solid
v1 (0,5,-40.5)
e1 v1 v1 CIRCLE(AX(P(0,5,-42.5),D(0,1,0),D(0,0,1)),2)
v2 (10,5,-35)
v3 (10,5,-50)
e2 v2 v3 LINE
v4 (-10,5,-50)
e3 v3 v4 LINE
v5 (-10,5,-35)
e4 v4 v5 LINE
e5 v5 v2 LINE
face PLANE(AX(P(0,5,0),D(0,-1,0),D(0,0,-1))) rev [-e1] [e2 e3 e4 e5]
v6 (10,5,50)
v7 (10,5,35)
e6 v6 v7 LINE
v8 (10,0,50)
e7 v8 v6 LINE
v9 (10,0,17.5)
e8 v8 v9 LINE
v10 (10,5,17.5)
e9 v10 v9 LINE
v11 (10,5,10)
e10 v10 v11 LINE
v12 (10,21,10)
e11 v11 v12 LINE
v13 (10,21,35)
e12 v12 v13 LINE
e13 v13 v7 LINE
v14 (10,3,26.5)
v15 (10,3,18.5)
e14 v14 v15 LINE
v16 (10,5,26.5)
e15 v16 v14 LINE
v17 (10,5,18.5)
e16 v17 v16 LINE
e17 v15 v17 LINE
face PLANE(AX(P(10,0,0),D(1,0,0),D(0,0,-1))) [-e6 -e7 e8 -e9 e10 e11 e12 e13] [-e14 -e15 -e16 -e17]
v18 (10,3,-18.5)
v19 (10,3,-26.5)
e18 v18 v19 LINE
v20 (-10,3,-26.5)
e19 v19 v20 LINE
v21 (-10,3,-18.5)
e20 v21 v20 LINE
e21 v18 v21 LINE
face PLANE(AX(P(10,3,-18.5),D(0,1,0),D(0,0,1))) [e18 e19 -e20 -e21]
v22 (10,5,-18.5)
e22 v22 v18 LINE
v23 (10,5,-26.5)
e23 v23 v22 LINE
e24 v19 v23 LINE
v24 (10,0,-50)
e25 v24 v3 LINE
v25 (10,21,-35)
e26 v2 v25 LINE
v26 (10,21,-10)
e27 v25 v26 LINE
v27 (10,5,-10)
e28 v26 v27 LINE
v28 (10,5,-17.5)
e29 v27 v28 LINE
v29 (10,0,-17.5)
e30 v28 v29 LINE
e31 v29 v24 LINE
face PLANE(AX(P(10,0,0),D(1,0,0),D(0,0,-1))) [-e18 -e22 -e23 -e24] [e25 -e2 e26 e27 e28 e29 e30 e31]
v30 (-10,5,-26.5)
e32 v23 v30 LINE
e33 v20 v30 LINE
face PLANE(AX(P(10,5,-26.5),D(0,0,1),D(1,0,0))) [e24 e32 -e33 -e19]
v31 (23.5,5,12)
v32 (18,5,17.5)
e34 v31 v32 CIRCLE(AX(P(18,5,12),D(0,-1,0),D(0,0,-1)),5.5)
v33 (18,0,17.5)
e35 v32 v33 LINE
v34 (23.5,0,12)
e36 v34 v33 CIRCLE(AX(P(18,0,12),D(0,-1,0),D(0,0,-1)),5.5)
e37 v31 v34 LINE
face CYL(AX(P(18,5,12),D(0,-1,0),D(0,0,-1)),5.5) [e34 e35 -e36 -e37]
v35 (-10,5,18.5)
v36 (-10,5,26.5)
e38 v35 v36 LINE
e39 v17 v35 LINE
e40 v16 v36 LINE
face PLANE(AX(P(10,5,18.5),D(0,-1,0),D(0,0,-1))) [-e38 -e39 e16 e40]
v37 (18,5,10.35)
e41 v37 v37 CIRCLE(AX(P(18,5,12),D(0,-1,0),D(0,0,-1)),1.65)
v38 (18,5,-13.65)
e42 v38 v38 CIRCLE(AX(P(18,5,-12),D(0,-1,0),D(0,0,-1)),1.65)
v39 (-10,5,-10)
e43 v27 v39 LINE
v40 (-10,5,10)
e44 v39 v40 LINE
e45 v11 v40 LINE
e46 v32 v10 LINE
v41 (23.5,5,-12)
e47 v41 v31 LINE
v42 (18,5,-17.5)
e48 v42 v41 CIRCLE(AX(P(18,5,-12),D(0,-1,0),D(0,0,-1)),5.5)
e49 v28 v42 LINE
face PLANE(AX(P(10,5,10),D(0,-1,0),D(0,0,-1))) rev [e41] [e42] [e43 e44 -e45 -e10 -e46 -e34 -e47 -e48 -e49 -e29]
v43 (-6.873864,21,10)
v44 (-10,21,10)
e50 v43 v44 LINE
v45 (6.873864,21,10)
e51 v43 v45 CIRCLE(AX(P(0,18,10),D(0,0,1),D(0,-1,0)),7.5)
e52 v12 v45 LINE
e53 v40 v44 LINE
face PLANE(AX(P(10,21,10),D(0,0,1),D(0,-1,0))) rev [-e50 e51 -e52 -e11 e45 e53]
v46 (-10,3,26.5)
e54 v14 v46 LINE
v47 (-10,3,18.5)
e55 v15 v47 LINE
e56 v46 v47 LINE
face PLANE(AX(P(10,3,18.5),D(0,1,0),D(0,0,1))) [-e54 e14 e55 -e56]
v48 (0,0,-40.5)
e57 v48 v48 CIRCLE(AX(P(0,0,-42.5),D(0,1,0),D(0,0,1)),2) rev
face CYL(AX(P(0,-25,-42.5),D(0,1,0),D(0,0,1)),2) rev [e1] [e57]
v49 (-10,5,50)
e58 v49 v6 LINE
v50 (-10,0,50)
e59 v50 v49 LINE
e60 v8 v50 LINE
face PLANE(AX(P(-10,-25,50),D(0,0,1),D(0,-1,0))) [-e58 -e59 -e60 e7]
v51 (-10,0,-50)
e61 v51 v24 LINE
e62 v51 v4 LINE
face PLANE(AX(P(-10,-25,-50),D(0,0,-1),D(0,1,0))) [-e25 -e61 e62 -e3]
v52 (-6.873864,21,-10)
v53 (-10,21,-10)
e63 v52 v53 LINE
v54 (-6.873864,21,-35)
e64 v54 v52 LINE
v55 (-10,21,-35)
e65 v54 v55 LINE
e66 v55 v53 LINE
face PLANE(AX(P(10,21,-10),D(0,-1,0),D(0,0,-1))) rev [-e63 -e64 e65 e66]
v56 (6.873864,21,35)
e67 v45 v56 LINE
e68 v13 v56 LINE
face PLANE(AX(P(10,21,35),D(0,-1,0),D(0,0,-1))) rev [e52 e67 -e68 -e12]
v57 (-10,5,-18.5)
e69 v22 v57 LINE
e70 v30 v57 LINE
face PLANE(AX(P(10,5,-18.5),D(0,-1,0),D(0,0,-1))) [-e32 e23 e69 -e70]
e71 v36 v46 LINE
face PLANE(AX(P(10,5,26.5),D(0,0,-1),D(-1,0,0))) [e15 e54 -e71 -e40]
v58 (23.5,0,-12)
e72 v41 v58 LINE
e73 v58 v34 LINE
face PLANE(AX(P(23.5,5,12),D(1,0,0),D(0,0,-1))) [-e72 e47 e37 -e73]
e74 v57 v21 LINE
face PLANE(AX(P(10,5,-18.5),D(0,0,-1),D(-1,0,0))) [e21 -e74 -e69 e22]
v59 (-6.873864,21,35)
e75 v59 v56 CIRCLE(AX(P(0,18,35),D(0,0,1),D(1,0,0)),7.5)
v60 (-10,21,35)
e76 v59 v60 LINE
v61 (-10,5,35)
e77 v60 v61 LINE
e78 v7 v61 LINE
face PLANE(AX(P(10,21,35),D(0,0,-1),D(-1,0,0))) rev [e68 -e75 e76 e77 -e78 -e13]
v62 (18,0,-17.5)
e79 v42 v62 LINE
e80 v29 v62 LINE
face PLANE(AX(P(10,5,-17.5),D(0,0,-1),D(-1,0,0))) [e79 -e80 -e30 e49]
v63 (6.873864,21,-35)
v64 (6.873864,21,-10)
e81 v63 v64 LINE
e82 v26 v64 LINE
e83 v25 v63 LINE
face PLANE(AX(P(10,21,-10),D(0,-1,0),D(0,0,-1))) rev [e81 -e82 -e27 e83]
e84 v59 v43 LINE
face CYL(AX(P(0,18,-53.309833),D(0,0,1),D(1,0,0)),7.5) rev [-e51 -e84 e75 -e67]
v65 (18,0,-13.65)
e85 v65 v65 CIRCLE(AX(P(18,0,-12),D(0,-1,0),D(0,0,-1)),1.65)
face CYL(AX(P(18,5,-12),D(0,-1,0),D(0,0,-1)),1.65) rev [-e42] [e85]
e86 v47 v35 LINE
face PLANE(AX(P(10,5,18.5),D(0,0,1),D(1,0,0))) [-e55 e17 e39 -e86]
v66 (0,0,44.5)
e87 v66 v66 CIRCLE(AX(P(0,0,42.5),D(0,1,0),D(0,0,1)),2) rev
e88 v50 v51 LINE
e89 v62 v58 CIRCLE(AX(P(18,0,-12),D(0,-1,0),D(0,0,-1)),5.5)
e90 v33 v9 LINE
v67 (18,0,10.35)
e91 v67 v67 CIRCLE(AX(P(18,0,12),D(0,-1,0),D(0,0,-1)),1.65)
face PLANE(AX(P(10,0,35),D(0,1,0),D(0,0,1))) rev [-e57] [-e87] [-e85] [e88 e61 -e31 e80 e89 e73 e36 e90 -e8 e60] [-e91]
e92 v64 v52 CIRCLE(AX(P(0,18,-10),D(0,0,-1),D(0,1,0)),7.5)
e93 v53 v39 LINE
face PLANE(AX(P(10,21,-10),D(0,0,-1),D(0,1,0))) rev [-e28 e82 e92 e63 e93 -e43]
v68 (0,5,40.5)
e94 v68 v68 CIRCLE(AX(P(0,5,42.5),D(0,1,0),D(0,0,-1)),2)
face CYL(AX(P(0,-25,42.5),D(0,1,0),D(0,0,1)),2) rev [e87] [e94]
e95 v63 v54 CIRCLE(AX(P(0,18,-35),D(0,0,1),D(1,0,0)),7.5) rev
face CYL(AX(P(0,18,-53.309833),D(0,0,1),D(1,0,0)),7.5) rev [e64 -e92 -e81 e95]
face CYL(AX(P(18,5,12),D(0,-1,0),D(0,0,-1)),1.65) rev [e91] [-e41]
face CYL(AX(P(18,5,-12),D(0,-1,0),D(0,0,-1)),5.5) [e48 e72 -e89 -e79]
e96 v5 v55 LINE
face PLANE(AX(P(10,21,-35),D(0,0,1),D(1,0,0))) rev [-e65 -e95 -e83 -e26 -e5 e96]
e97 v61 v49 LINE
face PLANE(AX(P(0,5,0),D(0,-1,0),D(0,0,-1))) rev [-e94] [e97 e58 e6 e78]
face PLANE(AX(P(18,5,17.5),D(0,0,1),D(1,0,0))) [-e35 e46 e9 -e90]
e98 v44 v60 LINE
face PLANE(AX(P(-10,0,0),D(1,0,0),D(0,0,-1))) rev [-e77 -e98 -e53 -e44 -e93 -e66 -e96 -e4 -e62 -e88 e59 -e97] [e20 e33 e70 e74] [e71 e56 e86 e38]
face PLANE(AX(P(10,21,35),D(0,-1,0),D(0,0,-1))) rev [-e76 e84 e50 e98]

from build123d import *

# Parameters (mm, degrees)
ESBO_O1_W                = 8
ESBO_O1_H                = 2
RESSALTO_EXTRUS_O1_DEPTH = 10
CORTE_EXTRUS_O1_REACH    = 75.763
ESBO_O4_W                = 20
ESBO_O4_H                = 15
ESBO_O4_R                = 2
RESSALTO_EXTRUS_O2_DEPTH = 5
ESBO_O5_R                = 1.65
RESSALTO_EXTRUS_O3_DEPTH = 5


with BuildPart() as part:
    # Esboço1 → Ressalto-extrusão1 (new, symmetric)
    with BuildSketch(Plane(origin=(0, 0, 0), x_dir=(0, 0, -1), z_dir=(1, 0, 0))):
        Polygon((-35, 21), (-10, 21), (-10, 5), (10, 5), (10, 21), (35, 21), (35, 0), (-35, 0), align=None)
        with Locations((-22.5, 4)):
            Rectangle(ESBO_O1_W, ESBO_O1_H, mode=Mode.SUBTRACT)
        with Locations((22.5, 4)):
            Rectangle(ESBO_O1_W, ESBO_O1_H, mode=Mode.SUBTRACT)
    extrude(amount=RESSALTO_EXTRUS_O1_DEPTH, both=True)

    # Corte-extrusão1: up to this face of the body (flat: up to its plane)
    corte_extrus_o1_end = Plane(part.part.faces().sort_by_distance((0, 10.5, -35))[0])
    # Esboço2 → Corte-extrusão1 (cut, up to the picked face)
    with BuildSketch(Plane.XY.offset(35), mode=Mode.PRIVATE) as corte_extrus_o1_sk1:
        with BuildLine():
            Line((-6.873863542, 21), (6.873863542, 21))
            ThreePointArc((6.873863542, 21), (0, 10.5), (-6.873863542, 21))
        make_face()
    corte_extrus_o1_tool1 = split(extrude(corte_extrus_o1_sk1.sketch, amount=-CORTE_EXTRUS_O1_REACH, mode=Mode.PRIVATE), bisect_by=corte_extrus_o1_end, keep=Keep.BOTH, mode=Mode.PRIVATE)
    add(corte_extrus_o1_tool1.solids().sort_by(Axis((0, 16.361219, 35), (0, 0, -1)))[0], mode=Mode.SUBTRACT)

    # Esboço4 → Ressalto-extrusão2 (add)
    # profile 1 of 2: a face of its own
    with BuildSketch(Plane(origin=(0, 5, 0), x_dir=(1, 0, 0), z_dir=(0, 1, 0))):
        with Locations((0, 42.5)):
            Rectangle(ESBO_O4_W, ESBO_O4_H)
        with Locations(Location((0, 42.5, 0), (0, 0, 270))):
            Circle(ESBO_O4_R, mode=Mode.SUBTRACT)
    # profile 2 of 2: a face of its own
    with BuildSketch(Plane(origin=(0, 5, 0), x_dir=(1, 0, 0), z_dir=(0, 1, 0))):
        with Locations((0, -42.5)):
            Rectangle(ESBO_O4_W, ESBO_O4_H)
        with Locations(Location((0, -42.5, 0), (0, 0, 270))):
            Circle(ESBO_O4_R, mode=Mode.SUBTRACT)
    extrude(amount=-RESSALTO_EXTRUS_O2_DEPTH)

    # Esboço5 → Ressalto-extrusão3 (add)
    with BuildSketch(Plane.XZ):
        with BuildLine():
            Line((18, 17.5), (10, 17.5))
            Line((10, 17.5), (10, -17.5))
            Line((10, -17.5), (18, -17.5))
            ThreePointArc((18, -17.5), (21.889087297, -15.889087297), (23.5, -12))
            Line((23.5, -12), (23.5, 12))
            ThreePointArc((23.5, 12), (21.889087297, 15.889087297), (18, 17.5))
        make_face()
        with Locations(Location((18, 12, 0), (0, 0, 270))):
            Circle(ESBO_O5_R, mode=Mode.SUBTRACT)
        with Locations(Location((18, -12, 0), (0, 0, 270))):
            Circle(ESBO_O5_R, mode=Mode.SUBTRACT)
    extrude(amount=-RESSALTO_EXTRUS_O3_DEPTH)


solid = part.part
